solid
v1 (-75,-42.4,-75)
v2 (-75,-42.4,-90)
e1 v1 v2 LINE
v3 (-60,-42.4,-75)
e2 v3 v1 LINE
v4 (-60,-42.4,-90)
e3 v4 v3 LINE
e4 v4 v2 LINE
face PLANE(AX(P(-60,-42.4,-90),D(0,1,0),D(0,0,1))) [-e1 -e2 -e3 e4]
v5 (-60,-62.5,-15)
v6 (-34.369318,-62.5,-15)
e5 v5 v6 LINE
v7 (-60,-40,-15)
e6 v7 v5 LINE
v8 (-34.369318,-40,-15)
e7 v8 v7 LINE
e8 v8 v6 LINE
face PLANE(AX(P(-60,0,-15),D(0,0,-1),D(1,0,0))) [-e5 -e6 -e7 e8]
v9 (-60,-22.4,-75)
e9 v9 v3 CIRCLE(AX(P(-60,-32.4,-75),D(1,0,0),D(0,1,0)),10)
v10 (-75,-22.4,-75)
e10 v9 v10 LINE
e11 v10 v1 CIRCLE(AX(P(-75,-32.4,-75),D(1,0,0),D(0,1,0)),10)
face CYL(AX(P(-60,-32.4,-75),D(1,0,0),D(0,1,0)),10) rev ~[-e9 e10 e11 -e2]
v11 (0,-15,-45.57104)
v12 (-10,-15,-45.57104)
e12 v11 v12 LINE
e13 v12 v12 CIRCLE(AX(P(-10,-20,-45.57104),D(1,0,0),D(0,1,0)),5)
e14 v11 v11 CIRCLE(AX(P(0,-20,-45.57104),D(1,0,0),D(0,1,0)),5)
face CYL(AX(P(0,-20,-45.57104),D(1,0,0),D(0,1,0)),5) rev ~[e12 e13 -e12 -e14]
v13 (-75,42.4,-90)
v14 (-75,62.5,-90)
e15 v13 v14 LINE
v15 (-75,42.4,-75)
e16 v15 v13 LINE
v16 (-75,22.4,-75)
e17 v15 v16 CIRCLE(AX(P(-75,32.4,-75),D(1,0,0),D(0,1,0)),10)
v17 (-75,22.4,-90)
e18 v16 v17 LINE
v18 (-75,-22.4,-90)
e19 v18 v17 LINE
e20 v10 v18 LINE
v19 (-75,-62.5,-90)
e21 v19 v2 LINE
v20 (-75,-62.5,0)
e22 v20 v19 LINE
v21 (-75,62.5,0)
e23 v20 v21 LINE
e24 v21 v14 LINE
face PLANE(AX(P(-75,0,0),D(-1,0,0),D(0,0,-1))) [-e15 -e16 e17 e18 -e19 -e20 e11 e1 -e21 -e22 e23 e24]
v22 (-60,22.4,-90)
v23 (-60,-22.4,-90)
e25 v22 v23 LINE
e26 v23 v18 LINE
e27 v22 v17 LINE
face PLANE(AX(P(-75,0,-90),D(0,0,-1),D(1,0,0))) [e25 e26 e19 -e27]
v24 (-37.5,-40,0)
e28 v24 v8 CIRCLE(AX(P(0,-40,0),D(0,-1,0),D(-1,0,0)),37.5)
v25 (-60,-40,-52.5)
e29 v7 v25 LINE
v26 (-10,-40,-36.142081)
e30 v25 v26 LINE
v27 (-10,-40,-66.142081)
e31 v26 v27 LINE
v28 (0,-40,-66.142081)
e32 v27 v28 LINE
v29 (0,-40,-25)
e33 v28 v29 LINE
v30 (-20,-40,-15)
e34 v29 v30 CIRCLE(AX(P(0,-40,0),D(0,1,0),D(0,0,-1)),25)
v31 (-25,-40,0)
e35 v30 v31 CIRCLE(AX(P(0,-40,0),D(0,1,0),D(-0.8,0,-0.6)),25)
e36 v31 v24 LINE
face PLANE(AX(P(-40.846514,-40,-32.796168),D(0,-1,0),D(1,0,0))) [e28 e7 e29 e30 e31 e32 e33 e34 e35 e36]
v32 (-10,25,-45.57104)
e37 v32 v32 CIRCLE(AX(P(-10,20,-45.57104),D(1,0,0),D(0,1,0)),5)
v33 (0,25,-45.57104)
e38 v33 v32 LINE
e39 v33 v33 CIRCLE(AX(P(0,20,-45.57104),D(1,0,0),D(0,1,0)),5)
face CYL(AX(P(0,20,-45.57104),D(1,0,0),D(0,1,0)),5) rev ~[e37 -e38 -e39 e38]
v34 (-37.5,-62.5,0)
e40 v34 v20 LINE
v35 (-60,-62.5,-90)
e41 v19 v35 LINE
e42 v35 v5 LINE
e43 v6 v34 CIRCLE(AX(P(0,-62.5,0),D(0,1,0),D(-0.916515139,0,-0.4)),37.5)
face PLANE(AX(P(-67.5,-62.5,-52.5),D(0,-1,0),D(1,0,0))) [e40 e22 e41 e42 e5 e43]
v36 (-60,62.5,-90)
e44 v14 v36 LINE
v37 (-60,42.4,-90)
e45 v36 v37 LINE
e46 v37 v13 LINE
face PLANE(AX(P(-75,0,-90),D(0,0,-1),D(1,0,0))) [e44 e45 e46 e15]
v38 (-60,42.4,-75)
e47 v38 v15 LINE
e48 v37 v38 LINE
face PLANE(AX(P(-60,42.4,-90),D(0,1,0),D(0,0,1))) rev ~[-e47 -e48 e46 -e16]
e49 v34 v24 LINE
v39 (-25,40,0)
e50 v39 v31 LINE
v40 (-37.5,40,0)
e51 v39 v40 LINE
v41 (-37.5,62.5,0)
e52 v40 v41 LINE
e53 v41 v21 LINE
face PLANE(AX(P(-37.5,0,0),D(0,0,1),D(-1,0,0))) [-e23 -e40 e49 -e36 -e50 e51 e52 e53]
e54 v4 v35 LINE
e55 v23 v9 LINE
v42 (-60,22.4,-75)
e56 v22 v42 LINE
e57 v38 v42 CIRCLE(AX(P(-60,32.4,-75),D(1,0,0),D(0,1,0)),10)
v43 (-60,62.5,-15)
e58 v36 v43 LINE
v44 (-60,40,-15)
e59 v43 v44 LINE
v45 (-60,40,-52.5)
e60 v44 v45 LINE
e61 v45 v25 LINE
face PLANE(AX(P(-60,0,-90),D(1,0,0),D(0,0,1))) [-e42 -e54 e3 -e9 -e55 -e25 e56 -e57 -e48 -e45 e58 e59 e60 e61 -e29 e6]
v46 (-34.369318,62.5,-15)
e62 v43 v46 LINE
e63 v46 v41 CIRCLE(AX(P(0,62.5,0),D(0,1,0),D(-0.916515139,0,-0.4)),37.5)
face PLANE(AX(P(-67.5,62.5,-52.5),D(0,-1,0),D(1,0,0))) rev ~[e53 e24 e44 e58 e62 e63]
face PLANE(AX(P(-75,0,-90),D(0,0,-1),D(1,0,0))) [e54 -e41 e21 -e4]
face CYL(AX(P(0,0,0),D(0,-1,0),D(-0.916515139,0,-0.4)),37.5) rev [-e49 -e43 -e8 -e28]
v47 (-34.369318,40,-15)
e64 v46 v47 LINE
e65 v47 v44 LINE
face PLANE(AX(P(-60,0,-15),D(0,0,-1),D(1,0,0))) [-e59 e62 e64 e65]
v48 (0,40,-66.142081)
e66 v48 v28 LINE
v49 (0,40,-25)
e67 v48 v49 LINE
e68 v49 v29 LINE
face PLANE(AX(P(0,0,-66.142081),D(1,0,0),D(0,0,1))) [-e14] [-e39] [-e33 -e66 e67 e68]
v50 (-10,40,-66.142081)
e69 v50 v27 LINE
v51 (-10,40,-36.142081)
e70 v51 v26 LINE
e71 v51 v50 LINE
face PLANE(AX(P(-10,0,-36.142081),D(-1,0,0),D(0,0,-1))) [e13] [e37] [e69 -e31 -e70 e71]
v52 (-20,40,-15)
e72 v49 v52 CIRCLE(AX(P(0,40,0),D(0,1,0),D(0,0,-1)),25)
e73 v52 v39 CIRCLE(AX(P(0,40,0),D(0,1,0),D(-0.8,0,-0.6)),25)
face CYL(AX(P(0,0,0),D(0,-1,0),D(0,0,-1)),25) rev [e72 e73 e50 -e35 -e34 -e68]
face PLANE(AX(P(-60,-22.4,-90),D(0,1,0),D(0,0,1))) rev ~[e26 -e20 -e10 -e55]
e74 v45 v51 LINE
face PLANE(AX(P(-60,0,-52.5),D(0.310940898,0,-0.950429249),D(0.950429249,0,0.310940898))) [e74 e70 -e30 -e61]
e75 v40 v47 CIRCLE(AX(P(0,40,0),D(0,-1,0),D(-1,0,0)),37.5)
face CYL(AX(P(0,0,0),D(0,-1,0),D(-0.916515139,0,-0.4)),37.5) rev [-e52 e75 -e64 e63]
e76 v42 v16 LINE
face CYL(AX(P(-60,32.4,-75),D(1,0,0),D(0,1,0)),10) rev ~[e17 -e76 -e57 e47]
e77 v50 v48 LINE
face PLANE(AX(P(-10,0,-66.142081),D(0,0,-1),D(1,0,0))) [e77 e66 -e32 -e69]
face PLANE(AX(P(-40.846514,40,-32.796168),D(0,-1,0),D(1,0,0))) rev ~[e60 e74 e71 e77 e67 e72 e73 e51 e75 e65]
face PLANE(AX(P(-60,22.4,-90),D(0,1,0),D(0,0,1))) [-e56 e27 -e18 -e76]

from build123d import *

# Parameters (mm, degrees)
F1_DEPTH = 62.5
F2_W     = 20
F2_H     = 15
F3_DEPTH = 15.001
F4_DEPTH = 40
F5_R     = 5
F6_DEPTH = 15


with BuildPart() as f1:
    # F0 (on Front) → F1 (new body, symmetric)
    with BuildSketch(Plane.XZ):
        Polygon((-60, -15), (-75, -15), (-75, -90), (-60, -90), (-60, -52.5), align=None)
        with BuildLine():
            Line((-37.5, 0), (-75, 0))
            Line((-75, 0), (-75, -15))
            Line((-75, -15), (-60, -15))
            Line((-60, -15), (-34.3693177122, -15))
            ThreePointArc((-34.3693177122, -15), (-36.7089867349, -7.6616116383), (-37.5, 0))
        make_face()
    extrude(amount=F1_DEPTH, both=True)

    # F2 (on face) → F3 (cut, through all)
    with BuildSketch(Plane.YZ.offset(-60)):
        with Locations((32.4, -82.5)):
            Rectangle(F2_W, F2_H)
        with BuildLine():
            Line((22.4, -75), (42.4, -75))
            ThreePointArc((42.4, -75), (32.4, -65), (22.4, -75))
        make_face()
        with Locations((-32.4, -82.5)):
            Rectangle(F2_W, F2_H)
        with BuildLine():
            Line((-42.4, -75), (-22.4, -75))
            ThreePointArc((-22.4, -75), (-32.4, -65), (-42.4, -75))
        make_face()
    extrude(amount=-F3_DEPTH, mode=Mode.SUBTRACT)

    # F0 (on Front) → F4 (join, symmetric)
    with BuildSketch(Plane.XZ):
        with BuildLine():
            Line((-34.3693177122, -15), (-60, -15))
            Line((-60, -15), (-60, -52.5))
            Line((-60, -52.5), (-10, -36.142080737))
            ThreePointArc((-10, -36.142080737), (-24.5744986324, -28.3256776965), (-34.3693177122, -15))
        make_face()
        with BuildLine():
            Line((-20, -15), (-34.3693177122, -15))
            ThreePointArc((-34.3693177122, -15), (-24.5744986324, -28.3256776965), (-10, -36.142080737))
            ThreePointArc((-10, -36.142080737), (-5.0458880468, -37.1589694935), (0, -37.5))
            Line((0, -37.5), (0, -25))
            ThreePointArc((0, -25), (-11.1803398875, -22.360679775), (-20, -15))
        make_face()
        with BuildLine():
            ThreePointArc((0, -37.5), (-5.0458880468, -37.1589694935), (-10, -36.142080737))
            Line((-10, -36.142080737), (-10, -66.142080737))
            Line((-10, -66.142080737), (0, -66.142080737))
            Line((0, -66.142080737), (0, -37.5))
        make_face()
        with BuildLine():
            Line((-25, 0), (-37.5, 0))
            ThreePointArc((-37.5, 0), (-36.7089867349, -7.6616116383), (-34.3693177122, -15))
            Line((-34.3693177122, -15), (-20, -15))
            ThreePointArc((-20, -15), (-23.7170824513, -7.9056941504), (-25, 0))
        make_face()
    extrude(amount=F4_DEPTH, both=True)

    # F5 (on face) → F6 (cut)
    with BuildSketch(Plane.YZ):
        with Locations((-20, -45.5710403685)):
            Circle(F5_R)
        with Locations((20, -45.5710403685)):
            Circle(F5_R)
    extrude(amount=-F6_DEPTH, mode=Mode.SUBTRACT)


solid = f1.part
